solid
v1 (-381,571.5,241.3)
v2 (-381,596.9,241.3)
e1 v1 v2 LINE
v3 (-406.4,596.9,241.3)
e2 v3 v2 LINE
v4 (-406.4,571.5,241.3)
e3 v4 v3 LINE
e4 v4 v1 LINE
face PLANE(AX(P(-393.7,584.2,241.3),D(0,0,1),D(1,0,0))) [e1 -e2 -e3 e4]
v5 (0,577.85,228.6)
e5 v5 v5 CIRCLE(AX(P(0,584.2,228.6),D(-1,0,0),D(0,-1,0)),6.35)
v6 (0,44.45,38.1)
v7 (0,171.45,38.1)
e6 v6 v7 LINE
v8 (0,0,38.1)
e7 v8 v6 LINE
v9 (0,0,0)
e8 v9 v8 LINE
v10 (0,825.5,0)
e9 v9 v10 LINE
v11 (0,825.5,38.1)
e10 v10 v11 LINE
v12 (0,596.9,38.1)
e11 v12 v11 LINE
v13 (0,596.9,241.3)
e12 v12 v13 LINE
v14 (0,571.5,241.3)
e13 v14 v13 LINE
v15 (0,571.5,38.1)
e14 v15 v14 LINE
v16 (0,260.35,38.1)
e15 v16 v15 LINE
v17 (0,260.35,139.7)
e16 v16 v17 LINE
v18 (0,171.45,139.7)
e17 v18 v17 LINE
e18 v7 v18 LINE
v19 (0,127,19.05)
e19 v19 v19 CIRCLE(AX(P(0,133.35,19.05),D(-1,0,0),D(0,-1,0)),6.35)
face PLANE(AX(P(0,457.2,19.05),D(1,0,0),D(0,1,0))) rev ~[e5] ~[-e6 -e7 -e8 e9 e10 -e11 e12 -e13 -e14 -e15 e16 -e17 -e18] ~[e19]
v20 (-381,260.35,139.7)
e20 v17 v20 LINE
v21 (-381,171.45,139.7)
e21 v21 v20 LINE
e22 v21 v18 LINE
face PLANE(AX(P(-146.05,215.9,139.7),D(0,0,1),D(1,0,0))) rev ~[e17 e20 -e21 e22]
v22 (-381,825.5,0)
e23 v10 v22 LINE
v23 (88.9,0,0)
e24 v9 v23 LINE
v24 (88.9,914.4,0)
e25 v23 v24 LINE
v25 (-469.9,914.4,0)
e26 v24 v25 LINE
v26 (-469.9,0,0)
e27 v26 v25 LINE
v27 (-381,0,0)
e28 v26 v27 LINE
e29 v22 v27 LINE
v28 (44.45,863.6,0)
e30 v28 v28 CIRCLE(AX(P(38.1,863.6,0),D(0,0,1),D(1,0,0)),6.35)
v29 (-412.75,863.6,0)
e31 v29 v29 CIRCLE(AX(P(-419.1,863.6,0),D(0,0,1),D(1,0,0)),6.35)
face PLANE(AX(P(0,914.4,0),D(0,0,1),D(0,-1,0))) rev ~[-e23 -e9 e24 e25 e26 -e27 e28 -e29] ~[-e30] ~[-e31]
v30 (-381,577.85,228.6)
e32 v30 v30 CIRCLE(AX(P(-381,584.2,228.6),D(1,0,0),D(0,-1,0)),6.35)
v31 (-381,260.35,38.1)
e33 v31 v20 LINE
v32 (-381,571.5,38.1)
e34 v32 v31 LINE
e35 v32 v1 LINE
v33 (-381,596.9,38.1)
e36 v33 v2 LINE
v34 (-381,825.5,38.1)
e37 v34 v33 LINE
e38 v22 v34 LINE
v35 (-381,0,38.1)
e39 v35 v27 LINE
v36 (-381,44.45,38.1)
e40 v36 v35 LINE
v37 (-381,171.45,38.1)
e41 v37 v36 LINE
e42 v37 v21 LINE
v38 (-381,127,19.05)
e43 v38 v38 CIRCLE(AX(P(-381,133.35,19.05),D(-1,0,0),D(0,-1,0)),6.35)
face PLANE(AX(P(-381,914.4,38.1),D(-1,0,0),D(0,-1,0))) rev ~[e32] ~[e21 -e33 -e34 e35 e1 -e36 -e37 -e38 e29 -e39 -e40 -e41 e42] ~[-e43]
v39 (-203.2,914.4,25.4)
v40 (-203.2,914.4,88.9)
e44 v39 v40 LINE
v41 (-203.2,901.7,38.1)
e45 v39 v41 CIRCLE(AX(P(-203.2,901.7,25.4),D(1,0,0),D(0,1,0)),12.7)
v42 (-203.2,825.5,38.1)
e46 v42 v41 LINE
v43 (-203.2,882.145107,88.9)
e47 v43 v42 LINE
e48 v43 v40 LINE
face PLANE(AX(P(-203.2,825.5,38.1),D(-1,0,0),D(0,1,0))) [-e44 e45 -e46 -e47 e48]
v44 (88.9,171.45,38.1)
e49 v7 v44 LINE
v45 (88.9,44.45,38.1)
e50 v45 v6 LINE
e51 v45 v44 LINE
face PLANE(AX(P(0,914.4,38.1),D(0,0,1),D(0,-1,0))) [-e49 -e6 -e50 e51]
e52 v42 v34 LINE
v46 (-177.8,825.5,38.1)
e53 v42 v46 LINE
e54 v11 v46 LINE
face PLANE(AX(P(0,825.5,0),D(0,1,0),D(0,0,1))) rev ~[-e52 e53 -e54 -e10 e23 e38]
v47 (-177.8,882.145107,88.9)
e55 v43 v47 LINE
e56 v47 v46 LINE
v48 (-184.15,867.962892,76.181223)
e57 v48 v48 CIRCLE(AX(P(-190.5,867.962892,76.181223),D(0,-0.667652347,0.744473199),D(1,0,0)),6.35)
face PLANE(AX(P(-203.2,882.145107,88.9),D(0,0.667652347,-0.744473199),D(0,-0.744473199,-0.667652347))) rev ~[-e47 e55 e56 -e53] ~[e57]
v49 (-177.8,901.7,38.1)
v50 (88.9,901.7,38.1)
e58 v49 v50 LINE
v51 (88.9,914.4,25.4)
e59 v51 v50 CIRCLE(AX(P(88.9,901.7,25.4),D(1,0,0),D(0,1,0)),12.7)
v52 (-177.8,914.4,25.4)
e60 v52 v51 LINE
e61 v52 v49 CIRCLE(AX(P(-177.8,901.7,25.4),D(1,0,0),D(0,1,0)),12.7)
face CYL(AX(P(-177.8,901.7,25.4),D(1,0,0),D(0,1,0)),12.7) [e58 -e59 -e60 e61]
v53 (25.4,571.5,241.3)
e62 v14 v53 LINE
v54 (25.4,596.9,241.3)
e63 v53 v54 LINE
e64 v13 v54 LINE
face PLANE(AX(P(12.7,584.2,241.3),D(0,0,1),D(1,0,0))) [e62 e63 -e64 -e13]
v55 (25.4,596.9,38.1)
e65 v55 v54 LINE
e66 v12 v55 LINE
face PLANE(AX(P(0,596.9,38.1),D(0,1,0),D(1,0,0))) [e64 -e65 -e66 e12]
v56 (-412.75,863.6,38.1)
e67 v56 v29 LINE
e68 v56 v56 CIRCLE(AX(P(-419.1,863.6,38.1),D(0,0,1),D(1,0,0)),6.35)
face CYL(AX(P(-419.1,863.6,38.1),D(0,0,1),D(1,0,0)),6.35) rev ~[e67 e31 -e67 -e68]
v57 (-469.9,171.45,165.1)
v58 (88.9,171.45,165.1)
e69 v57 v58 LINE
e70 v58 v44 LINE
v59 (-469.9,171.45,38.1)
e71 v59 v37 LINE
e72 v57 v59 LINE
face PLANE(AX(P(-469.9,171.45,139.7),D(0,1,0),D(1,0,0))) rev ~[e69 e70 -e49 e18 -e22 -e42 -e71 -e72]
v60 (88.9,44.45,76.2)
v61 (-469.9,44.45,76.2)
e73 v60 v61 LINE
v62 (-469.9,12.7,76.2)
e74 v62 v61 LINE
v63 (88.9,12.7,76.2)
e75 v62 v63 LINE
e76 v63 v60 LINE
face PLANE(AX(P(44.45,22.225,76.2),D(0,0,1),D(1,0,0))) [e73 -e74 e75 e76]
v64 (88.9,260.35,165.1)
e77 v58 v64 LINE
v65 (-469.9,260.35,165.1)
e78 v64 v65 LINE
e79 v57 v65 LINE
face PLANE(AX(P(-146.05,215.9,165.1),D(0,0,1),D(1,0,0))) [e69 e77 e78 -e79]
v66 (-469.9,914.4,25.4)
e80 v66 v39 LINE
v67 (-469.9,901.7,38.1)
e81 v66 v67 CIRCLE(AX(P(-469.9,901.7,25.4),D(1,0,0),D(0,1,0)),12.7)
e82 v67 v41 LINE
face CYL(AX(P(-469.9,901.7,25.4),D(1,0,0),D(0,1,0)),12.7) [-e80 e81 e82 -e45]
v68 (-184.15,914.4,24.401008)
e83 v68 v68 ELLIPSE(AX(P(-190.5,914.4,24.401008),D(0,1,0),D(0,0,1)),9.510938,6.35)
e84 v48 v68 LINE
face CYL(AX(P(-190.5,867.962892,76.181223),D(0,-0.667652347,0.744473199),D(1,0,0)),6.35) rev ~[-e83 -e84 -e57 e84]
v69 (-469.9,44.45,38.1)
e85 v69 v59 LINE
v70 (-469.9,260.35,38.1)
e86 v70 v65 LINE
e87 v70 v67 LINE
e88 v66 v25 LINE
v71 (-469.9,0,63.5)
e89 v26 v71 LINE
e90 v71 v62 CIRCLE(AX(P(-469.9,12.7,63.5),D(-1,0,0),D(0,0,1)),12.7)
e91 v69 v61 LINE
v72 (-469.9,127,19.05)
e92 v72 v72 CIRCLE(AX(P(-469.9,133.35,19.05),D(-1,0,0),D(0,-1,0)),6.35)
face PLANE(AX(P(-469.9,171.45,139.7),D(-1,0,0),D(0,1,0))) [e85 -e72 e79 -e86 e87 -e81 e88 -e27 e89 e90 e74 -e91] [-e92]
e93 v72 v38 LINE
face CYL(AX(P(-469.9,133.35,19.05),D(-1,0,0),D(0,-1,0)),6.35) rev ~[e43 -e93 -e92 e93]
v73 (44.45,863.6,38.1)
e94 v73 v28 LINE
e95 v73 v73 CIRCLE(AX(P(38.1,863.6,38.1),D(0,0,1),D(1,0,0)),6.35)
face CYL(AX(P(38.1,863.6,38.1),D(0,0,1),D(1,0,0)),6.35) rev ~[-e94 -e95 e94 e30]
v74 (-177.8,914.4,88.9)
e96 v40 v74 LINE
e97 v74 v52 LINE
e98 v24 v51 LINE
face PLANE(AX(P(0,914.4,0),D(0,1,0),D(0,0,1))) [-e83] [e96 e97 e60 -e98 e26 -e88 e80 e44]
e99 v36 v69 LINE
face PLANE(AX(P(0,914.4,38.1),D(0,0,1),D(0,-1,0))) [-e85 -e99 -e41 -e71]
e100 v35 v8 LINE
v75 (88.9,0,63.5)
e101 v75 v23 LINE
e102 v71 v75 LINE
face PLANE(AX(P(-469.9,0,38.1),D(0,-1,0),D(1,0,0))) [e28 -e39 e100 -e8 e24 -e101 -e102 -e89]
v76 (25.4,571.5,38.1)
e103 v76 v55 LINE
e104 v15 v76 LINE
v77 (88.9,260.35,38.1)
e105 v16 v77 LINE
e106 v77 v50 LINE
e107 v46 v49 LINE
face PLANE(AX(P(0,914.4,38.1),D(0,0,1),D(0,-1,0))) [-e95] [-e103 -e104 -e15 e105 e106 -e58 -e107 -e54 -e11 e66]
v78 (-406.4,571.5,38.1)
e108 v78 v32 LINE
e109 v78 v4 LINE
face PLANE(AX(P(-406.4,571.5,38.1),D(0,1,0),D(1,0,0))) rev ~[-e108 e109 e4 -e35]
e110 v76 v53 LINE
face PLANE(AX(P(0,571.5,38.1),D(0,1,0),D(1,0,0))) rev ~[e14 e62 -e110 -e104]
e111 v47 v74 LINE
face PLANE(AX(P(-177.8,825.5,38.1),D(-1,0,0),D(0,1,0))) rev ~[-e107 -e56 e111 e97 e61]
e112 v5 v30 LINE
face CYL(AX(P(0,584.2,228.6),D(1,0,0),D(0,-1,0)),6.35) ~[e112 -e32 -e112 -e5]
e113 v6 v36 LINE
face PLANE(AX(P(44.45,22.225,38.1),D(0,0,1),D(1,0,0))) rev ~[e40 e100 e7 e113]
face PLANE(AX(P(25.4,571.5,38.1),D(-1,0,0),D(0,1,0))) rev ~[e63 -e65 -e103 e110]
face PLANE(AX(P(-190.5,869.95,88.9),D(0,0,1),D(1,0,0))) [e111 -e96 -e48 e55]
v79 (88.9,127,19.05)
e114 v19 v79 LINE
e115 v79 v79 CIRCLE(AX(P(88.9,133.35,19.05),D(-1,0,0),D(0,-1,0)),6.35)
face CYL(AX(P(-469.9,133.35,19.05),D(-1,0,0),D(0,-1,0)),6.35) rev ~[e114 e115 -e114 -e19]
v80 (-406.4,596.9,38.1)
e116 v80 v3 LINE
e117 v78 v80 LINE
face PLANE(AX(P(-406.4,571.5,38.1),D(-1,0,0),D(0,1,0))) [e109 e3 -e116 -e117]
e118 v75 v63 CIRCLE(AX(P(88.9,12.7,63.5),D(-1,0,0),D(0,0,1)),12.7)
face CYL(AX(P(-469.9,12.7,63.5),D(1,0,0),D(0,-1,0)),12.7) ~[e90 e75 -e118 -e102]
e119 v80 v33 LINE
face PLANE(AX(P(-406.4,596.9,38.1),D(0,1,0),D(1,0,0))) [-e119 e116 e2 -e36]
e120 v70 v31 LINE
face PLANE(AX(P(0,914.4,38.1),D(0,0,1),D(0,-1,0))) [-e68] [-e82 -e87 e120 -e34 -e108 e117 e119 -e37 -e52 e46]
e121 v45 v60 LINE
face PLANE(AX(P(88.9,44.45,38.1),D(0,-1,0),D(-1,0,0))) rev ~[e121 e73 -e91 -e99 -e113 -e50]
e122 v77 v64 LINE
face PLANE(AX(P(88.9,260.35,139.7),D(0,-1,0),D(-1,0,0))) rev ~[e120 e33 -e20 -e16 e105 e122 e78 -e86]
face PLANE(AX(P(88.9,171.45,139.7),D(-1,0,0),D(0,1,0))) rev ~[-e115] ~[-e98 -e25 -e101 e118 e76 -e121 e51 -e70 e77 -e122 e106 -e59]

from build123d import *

# Parameters (mm, degrees)
F0_W      = 914.4
F0_H      = 38.1
F1_DEPTH  = 88.9
F2_W      = 88.9
F2_H      = 44.45
F2_W_2    = 469.9
F3_DEPTH  = 38.1
F4_W      = 88.9
F4_H      = 44.45
F4_H_2    = 869.95
F5_DEPTH  = 38.1
F6_R      = 6.35
F7_DEPTH  = 558.801
F9_W      = 25.4
F9_H      = 25.4
F10_DEPTH = 203.2
F11_W     = 25.4
F11_H     = 25.4
F12_DEPTH = 203.2
F13_R     = 6.35
F14_DEPTH = 406.4
F15_W     = 88.9
F15_H     = 38.1
F16_DEPTH = 381
F17_R     = 6.35
F18_DEPTH = 38.1
F19_W     = 25.4
F19_H     = 88.9
F20_DEPTH = 50.8
F21_R     = 12.7
F23_DEPTH = 25.4
F24_R     = 6.35
F25_DEPTH = 101.6
F26_W     = 88.9
F26_H     = 88.9
F27_DEPTH = 101.6
F28_W     = 469.9
F28_H     = 88.9
F28_W_2   = 558.8
F29_DEPTH = 25.4


with BuildPart() as f1:
    # F0 (on Right) → F1 (new body)
    with BuildSketch(Plane.YZ):
        with Locations((457.2, 19.05)):
            Rectangle(F0_W, F0_H)
    extrude(amount=F1_DEPTH)

    # F2 (on face) → F3 (join)
    with BuildSketch(Plane.XY.offset(38.1)):
        with Locations((44.45, 22.225)):
            Rectangle(F2_W, F2_H)
        with Locations((-234.95, 22.225)):
            Rectangle(F2_W_2, F2_H)
    extrude(amount=F3_DEPTH)

    # F4 (on face) → F5 (join)
    with BuildSketch(Plane(origin=(0, 0, 38.1), x_dir=(1, 0, 0), z_dir=(0, 0, -1))):
        with Locations((-425.45, -22.225)):
            Rectangle(F4_W, F4_H)
        with Locations((-425.45, -479.425)):
            Rectangle(F4_W, F4_H_2)
    extrude(amount=F5_DEPTH)

    # F6 (on face) → F7 (cut, through all)
    with BuildSketch(Plane(origin=(-469.9, 0, 0), x_dir=(0, -1, 0), z_dir=(-1, 0, 0))):
        with Locations((-133.35, 19.05)):
            Circle(F6_R)
    extrude(amount=-F7_DEPTH, mode=Mode.SUBTRACT)

    # F9 (on face) → F10 (join)
    with BuildSketch(Plane.XY.offset(38.1)):
        with Locations((12.7, 584.2)):
            Rectangle(F9_W, F9_H)
    extrude(amount=F10_DEPTH)

    # F11 (on face) → F12 (join)
    with BuildSketch(Plane.XY.offset(38.1)):
        with Locations((-393.7, 584.2)):
            Rectangle(F11_W, F11_H)
    extrude(amount=F12_DEPTH)

    # F13 (on face) → F14 (join)
    with BuildSketch(Plane(origin=(0, 0, 0), x_dir=(0, -1, 0), z_dir=(-1, 0, 0))):
        with Locations((-584.2, 228.6)):
            Circle(F13_R)
    extrude(amount=F14_DEPTH)

    # F15 (on face) → F16 (join)
    with BuildSketch(Plane(origin=(0, 0, 0), x_dir=(0, -1, 0), z_dir=(-1, 0, 0))):
        with Locations((-869.95, 19.05)):
            Rectangle(F15_W, F15_H)
    extrude(amount=F16_DEPTH)

    # F17 (on face) → F18 (cut)
    with BuildSketch(Plane.XY.offset(38.1)):
        with Locations((38.1, 863.6)):
            Circle(F17_R)
        with Locations((-419.1, 863.6)):
            Circle(F17_R)
    extrude(amount=-F18_DEPTH, mode=Mode.SUBTRACT)

    # F19 (on face) → F20 (join)
    with BuildSketch(Plane.XY.offset(38.1)):
        with Locations((-190.5, 869.95)):
            Rectangle(F19_W, F19_H)
    extrude(amount=F20_DEPTH)

    # F21
    f21_edges = [f1.edges().sort_by_distance(p)[0] for p in [
        (-336.55, 914.4, 38.1),
        (-44.45, 914.4, 38.1),
        (-190.5, 0, 76.2),
    ]]
    fillet(f21_edges, radius=F21_R)

    # F22 (on face) → F23 (cut)
    with BuildSketch(Plane(origin=(-203.2, 0, 0), x_dir=(0, -1, 0), z_dir=(-1, 0, 0))):
        Polygon((-825.5, 88.9), (-882.1451067924, 88.9), (-825.5, 38.1), align=None)
    extrude(amount=-F23_DEPTH, mode=Mode.SUBTRACT)

    # F24 (on face) → F25 (cut)
    with BuildSketch(Plane(origin=(0, 349.0370188612, -389.197622203), x_dir=(1, 0, 0), z_dir=(0, -0.667652347, 0.7444731987))):
        with Locations((-190.5, 697.0376830206)):
            Circle(F24_R)
    extrude(amount=-F25_DEPTH, mode=Mode.SUBTRACT)

    # F26 (on face) → F27 (join)
    with BuildSketch(Plane.XY.offset(38.1)):
        with Locations((-425.45, 215.9)):
            Rectangle(F26_W, F26_H)
        with Locations((44.45, 215.9)):
            Rectangle(F26_W, F26_H)
    extrude(amount=F27_DEPTH)

    # F28 (on face) → F29 (join)
    with BuildSketch(Plane.XY.offset(139.7)):
        with Locations((-146.05, 215.9)):
            Rectangle(F28_W, F28_H)
        with Locations((-190.5, 215.9)):
            Rectangle(F28_W_2, F28_H)
    extrude(amount=F29_DEPTH)


solid = f1.part
